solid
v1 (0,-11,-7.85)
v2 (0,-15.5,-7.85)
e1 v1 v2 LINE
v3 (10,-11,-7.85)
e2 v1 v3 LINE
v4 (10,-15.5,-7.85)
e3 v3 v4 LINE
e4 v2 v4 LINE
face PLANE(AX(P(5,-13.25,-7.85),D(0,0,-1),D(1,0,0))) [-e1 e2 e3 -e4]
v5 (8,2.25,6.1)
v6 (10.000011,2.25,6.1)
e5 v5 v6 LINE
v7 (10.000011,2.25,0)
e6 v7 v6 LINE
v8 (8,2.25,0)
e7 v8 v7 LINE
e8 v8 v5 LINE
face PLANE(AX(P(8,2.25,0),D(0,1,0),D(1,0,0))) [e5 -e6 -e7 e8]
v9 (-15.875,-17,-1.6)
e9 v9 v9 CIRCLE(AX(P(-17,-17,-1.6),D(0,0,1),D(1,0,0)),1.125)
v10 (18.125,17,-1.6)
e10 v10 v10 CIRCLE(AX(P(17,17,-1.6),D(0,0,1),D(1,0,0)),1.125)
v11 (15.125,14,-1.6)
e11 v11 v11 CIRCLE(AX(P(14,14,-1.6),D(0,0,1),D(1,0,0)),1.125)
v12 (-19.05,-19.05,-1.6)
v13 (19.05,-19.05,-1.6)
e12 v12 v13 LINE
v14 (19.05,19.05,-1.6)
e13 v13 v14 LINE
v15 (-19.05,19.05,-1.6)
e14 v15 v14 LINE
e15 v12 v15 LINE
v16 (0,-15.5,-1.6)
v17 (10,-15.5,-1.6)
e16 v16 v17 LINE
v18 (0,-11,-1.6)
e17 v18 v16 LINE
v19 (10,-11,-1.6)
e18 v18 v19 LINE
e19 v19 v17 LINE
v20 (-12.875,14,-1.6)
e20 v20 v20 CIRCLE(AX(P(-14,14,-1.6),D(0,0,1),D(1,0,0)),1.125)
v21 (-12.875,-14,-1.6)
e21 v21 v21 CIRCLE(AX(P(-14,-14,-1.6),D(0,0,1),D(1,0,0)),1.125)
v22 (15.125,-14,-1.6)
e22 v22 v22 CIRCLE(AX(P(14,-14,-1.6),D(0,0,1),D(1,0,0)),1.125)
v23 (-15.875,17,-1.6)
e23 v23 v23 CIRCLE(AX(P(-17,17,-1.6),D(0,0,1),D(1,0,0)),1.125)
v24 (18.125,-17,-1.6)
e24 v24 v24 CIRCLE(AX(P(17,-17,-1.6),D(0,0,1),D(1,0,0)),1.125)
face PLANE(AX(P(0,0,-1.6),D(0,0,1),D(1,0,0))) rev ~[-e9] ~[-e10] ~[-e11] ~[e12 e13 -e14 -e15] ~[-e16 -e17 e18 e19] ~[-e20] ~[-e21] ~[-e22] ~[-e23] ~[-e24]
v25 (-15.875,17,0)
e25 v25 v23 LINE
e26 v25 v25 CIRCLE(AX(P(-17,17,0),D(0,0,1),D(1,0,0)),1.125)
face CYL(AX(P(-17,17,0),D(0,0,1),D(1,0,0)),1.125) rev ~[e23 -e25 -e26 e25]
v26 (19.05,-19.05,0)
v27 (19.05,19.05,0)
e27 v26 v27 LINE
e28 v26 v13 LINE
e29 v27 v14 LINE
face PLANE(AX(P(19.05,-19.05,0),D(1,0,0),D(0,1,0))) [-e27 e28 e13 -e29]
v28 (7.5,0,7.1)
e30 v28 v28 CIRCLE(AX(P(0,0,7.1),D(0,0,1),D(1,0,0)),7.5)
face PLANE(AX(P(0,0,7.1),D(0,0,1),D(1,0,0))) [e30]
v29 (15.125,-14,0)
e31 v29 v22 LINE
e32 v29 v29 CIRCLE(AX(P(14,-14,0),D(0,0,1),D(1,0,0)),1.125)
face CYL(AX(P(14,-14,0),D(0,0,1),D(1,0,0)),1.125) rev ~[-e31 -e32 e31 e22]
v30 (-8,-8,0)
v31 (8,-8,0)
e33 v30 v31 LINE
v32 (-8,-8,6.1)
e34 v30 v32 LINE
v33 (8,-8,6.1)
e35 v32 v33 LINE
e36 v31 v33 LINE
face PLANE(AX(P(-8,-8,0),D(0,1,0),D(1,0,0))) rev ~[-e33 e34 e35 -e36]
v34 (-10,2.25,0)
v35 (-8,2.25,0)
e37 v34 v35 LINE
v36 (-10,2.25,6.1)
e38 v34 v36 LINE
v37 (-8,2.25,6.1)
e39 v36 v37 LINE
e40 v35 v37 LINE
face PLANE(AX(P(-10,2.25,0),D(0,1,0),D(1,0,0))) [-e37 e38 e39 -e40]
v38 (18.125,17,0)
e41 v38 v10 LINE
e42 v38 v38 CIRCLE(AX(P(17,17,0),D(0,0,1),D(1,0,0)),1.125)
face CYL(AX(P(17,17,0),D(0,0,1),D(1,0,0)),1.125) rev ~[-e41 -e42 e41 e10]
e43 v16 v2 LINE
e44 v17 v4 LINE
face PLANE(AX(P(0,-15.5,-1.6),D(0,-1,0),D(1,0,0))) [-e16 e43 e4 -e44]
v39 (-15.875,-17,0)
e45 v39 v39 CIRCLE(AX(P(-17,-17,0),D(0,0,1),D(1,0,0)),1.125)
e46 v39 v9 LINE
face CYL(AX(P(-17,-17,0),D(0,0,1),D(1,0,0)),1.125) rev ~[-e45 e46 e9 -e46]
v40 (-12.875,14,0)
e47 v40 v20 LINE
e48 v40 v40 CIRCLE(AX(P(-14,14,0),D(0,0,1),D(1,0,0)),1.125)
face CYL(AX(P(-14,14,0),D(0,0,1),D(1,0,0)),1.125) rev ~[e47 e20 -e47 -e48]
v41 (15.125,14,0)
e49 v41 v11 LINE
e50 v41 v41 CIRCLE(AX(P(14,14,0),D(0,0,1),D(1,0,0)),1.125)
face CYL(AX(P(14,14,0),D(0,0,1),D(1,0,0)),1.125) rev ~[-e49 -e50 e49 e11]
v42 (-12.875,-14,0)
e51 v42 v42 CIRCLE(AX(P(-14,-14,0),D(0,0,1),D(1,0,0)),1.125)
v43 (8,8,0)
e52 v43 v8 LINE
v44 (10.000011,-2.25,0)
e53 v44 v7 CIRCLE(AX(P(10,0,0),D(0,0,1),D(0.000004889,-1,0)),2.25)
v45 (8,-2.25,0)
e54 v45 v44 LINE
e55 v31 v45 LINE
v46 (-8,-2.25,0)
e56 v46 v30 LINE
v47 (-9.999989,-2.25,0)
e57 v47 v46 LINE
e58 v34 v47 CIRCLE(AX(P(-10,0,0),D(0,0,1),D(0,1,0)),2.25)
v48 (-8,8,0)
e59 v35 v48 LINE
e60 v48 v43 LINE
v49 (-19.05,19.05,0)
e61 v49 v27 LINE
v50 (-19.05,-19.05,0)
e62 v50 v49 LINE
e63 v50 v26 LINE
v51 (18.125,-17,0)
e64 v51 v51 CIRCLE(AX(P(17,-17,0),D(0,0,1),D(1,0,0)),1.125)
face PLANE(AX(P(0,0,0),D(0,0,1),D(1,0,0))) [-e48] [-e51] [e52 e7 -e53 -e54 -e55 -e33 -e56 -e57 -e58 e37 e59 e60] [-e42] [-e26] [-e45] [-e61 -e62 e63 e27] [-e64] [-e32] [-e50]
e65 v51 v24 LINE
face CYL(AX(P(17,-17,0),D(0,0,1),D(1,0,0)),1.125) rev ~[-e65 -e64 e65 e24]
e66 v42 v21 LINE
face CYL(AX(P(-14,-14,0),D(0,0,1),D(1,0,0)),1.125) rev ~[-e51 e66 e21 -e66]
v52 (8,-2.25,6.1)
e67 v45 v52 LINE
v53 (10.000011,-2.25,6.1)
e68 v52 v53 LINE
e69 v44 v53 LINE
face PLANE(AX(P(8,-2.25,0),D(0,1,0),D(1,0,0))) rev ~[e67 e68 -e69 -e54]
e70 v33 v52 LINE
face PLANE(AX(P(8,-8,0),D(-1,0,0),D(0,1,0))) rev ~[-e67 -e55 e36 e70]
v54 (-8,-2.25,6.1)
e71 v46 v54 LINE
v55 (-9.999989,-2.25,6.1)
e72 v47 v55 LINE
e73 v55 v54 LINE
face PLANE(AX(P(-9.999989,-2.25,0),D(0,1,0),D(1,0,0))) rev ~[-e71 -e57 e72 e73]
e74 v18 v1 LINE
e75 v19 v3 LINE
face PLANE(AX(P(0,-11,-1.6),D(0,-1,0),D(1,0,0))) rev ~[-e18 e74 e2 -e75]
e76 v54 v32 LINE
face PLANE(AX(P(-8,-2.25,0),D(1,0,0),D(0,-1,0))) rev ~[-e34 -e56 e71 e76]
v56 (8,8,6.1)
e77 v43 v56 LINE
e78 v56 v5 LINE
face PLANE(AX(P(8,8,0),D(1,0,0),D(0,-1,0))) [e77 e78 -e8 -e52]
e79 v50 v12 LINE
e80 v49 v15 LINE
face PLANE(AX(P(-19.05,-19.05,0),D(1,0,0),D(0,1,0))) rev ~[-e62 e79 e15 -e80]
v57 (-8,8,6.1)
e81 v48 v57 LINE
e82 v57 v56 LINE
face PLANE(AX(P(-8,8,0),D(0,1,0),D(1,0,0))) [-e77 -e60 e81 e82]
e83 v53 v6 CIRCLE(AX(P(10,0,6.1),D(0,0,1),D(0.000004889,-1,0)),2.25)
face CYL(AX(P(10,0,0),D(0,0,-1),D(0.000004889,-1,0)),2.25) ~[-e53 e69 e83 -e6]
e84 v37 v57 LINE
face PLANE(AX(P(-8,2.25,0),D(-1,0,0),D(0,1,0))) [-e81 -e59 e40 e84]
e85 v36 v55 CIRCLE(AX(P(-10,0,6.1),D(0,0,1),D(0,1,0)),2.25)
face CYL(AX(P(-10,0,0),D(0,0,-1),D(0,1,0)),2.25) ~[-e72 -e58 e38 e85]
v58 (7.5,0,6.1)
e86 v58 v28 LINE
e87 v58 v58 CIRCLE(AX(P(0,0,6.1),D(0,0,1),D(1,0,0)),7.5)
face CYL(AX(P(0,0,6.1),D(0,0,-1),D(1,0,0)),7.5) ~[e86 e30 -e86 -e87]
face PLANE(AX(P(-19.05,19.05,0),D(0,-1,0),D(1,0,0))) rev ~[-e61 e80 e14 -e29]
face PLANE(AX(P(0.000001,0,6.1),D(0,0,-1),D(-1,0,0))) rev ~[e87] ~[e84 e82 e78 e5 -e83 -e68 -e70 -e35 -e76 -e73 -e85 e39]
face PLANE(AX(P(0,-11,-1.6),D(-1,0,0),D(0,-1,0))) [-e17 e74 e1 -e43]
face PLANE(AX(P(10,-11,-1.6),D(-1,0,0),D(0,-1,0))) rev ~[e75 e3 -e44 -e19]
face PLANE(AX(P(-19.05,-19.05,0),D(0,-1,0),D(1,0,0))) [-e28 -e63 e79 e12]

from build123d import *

# Parameters (mm, degrees)
SKETCH_W     = 38.1
SKETCH_H     = 38.1
SKETCH_R     = 1.125
PAD_DEPTH    = 1.6
PAD001_DEPTH = 6.1
SKETCH002_R  = 7.5
PAD002_DEPTH = 1
SKETCH003_W  = 10
SKETCH003_H  = 4.5
PAD003_DEPTH = 6.25


with BuildPart() as part:
    # Sketch → Pad (new body)
    with BuildSketch(Plane.XY):
        Rectangle(SKETCH_W, SKETCH_H)
        with Locations((-14, 14)):
            Circle(SKETCH_R, mode=Mode.SUBTRACT)
        with Locations((14, 14)):
            Circle(SKETCH_R, mode=Mode.SUBTRACT)
        with Locations((14, -14)):
            Circle(SKETCH_R, mode=Mode.SUBTRACT)
        with Locations((-14, -14)):
            Circle(SKETCH_R, mode=Mode.SUBTRACT)
        with Locations((-17, 17)):
            Circle(SKETCH_R, mode=Mode.SUBTRACT)
        with Locations((17, 17)):
            Circle(SKETCH_R, mode=Mode.SUBTRACT)
        with Locations((17, -17)):
            Circle(SKETCH_R, mode=Mode.SUBTRACT)
        with Locations((-17, -17)):
            Circle(SKETCH_R, mode=Mode.SUBTRACT)
    extrude(amount=-PAD_DEPTH)

    # Sketch001 → Pad001 (join)
    with BuildSketch(Plane.XY):
        with BuildLine():
            Line((-8, 2.25), (-8, 8))
            Line((-8, 8), (8, 8))
            Line((8, 8), (8, 2.25))
            Line((8, 2.25), (10.000011, 2.25))
            ThreePointArc((10.000011, -2.25), (12.25, 0), (10.000011, 2.25))
            Line((8, -2.25), (10.000011, -2.25))
            Line((8, -8), (8, -2.25))
            Line((-8, -8), (8, -8))
            Line((-8, -2.25), (-8, -8))
            Line((-9.999989, -2.25), (-8, -2.25))
            ThreePointArc((-10, 2.25), (-12.25, -6e-06), (-9.999989, -2.25))
            Line((-10, 2.25), (-8, 2.25))
        make_face()
    extrude(amount=PAD001_DEPTH)

    # Sketch002 (on DatumPlane) → Pad002 (join)
    with BuildSketch(Plane.XY.offset(6.1)):
        Circle(SKETCH002_R)
    extrude(amount=PAD002_DEPTH)

    # Sketch003 (on DatumPlane) → Pad003 (join)
    with BuildSketch(Plane(origin=(0, 0, -1.6), x_dir=(1, 0, 0), z_dir=(0, 0, -1))):
        with Locations((5, 13.25)):
            Rectangle(SKETCH003_W, SKETCH003_H)
    extrude(amount=PAD003_DEPTH)


solid = part.part
